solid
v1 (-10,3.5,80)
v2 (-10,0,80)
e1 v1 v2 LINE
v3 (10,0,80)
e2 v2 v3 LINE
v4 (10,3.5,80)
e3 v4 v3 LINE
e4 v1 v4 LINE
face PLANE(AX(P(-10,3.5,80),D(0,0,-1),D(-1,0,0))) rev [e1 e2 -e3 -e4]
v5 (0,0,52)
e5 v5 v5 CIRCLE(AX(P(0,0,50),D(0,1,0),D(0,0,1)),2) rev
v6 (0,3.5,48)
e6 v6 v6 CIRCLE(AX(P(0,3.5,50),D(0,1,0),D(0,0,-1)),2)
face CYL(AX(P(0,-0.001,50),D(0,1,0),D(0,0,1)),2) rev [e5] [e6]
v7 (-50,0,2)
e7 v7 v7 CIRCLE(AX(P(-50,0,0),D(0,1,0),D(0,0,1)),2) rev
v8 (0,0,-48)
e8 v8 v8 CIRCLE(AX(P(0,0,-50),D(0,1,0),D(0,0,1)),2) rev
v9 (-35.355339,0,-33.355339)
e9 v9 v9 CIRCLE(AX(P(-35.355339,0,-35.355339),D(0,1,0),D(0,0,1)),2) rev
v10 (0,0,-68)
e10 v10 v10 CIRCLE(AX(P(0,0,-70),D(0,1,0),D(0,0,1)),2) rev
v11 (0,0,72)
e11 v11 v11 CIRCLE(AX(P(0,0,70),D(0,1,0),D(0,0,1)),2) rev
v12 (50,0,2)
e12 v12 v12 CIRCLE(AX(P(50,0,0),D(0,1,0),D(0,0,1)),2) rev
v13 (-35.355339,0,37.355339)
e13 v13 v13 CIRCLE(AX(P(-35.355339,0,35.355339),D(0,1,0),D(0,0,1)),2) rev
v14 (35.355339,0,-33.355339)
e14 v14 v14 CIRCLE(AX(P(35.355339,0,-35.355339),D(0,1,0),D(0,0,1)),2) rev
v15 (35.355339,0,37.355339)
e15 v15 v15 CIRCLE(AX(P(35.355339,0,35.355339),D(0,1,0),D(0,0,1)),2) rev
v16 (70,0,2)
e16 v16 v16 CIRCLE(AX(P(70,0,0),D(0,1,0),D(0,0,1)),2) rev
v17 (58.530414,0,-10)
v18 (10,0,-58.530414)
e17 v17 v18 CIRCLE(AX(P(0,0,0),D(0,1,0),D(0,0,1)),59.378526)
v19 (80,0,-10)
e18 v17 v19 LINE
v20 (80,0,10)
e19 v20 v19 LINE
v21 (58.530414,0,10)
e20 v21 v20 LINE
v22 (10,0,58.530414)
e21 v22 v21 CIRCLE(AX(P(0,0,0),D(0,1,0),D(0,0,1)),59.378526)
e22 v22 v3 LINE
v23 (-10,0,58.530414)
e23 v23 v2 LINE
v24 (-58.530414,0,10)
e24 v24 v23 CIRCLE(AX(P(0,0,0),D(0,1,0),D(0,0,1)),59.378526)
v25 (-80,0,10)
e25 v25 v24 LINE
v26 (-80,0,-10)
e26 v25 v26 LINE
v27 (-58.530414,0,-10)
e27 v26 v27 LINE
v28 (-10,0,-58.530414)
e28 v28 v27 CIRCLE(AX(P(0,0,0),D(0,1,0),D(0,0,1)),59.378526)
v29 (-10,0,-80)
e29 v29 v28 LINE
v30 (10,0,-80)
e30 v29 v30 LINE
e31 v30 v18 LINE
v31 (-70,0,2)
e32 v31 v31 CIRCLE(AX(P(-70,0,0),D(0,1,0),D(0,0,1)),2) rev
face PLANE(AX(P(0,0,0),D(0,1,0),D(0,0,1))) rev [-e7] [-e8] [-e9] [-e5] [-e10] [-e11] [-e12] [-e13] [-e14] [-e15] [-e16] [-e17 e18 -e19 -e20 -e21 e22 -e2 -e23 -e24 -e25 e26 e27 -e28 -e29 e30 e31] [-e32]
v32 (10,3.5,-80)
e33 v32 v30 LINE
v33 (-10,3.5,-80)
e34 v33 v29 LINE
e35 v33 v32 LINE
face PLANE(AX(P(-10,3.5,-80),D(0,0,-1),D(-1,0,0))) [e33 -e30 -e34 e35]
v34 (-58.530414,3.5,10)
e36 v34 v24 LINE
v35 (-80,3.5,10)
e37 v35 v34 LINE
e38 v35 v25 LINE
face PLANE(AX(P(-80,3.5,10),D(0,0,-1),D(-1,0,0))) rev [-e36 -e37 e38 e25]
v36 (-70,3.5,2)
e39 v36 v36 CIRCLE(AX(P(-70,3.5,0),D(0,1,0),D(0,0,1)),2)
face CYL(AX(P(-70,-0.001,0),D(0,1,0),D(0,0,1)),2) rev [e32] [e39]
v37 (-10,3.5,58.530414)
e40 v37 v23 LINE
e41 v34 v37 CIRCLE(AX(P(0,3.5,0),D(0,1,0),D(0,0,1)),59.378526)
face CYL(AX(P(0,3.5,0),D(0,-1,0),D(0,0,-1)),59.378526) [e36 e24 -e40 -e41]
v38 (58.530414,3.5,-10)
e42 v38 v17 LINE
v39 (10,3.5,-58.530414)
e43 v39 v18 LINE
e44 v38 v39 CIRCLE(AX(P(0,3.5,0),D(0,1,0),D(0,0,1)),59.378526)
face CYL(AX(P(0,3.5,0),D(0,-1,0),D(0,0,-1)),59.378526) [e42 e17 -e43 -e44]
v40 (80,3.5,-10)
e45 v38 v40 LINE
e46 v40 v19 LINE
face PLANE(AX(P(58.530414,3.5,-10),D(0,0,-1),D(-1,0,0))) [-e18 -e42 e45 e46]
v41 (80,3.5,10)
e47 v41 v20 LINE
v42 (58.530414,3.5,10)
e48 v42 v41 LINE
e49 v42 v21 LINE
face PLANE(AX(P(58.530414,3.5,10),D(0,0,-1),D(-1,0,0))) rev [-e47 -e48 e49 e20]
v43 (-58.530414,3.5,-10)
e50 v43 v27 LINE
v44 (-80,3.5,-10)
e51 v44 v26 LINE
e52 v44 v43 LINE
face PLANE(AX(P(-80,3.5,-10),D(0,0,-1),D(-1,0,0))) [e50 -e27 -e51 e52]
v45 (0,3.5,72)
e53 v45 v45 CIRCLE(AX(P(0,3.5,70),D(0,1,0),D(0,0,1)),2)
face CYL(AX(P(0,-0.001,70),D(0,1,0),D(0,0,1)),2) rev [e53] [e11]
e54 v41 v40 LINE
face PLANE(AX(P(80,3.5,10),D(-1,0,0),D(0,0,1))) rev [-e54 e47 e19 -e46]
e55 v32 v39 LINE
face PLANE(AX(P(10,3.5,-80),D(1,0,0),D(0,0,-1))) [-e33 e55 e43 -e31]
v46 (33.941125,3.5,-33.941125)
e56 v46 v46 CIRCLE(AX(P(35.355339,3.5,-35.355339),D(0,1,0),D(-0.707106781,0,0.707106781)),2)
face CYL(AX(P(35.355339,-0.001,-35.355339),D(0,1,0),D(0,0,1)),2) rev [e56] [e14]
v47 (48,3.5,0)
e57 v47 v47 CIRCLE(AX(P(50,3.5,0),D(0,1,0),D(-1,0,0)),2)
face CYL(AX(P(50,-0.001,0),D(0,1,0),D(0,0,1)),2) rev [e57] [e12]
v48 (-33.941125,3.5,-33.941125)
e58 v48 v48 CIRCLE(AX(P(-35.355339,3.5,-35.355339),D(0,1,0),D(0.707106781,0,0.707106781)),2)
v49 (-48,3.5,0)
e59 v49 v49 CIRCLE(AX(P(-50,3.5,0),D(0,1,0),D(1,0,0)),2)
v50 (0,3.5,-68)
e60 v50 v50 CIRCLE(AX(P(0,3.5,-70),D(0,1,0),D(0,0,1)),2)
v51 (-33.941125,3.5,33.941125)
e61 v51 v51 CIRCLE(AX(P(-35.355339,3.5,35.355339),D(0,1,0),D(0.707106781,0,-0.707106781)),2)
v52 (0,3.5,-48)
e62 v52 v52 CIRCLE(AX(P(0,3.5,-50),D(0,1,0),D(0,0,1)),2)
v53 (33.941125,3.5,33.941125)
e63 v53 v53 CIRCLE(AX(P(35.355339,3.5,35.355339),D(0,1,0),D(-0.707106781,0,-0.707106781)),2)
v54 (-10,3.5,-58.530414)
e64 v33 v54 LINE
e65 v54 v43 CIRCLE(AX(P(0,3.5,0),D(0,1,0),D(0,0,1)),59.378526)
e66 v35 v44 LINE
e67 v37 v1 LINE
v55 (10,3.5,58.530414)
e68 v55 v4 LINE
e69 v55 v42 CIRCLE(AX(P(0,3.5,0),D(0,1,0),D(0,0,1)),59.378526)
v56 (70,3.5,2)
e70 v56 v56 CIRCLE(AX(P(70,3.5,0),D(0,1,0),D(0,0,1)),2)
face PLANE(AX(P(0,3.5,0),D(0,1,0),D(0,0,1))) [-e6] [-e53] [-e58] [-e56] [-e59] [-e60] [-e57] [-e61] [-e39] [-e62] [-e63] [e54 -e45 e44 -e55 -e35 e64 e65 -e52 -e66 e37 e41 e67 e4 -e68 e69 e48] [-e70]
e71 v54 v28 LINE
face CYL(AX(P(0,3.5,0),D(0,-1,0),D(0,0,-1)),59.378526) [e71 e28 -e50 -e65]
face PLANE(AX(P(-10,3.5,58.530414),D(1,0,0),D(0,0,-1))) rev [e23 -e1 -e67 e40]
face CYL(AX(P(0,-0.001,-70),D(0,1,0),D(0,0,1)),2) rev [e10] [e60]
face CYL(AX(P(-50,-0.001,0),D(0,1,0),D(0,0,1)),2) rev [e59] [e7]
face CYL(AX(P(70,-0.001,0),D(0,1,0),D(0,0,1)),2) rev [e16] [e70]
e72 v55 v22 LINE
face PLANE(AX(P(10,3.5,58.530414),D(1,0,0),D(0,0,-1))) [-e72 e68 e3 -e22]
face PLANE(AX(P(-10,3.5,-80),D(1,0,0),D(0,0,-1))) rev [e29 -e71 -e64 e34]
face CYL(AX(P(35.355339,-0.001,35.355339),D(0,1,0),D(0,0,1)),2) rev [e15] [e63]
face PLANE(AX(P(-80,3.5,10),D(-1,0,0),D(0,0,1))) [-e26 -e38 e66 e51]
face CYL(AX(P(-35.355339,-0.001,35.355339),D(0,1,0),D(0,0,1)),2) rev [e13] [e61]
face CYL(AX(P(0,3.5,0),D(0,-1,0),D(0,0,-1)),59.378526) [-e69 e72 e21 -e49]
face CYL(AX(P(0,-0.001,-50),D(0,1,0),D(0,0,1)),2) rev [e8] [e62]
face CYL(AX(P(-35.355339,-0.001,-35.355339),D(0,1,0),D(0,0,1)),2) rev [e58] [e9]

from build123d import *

# Parameters (mm, degrees)
SALIENTE_EXTRUIR1_DEPTH = 3.5
CROQUIS2_R              = 2
CORTAR_EXTRUIR1_DEPTH   = 3.5
MATRIZC1_COUNT          = 8
CORTAR_EXTRUIR2_REACH   = 5.5
CROQUIS4_R              = 2


with BuildPart() as part:
    # Croquis1 → Saliente-Extruir1 (new body)
    with BuildSketch(Plane(origin=(0, 0, 0), x_dir=(1, 0, 0), z_dir=(0, 1, 0))):
        with BuildLine():
            Line((-10, -58.530413525), (-10, -80))
            Line((-10, -80), (10, -80))
            Line((10, -80), (10, -58.530413525))
            ThreePointArc((10, -58.530413525), (41.986958138, -41.986958138), (58.530413525, -10))
            Line((58.530413525, -10), (80, -10))
            Line((80, -10), (80, 10))
            Line((80, 10), (58.530413525, 10))
            ThreePointArc((58.530413525, 10), (41.986958138, 41.986958138), (10, 58.530413525))
            Line((10, 58.530413525), (10, 80))
            Line((10, 80), (-10, 80))
            Line((-10, 80), (-10, 58.530413525))
            ThreePointArc((-10, 58.530413525), (-41.986958138, 41.986958138), (-58.530413525, 10))
            Line((-58.530413525, 10), (-80, 10))
            Line((-80, 10), (-80, -10))
            Line((-80, -10), (-58.530413525, -10))
            ThreePointArc((-58.530413525, -10), (-41.986958138, -41.986958138), (-10, -58.530413525))
        make_face()
    extrude(amount=SALIENTE_EXTRUIR1_DEPTH)

    # Croquis2 → Cortar-Extruir1 (cut)
    with BuildSketch(Plane(origin=(0, 3.5, 0), x_dir=(1, 0, 0), z_dir=(0, 1, 0))):
        with Locations((0, 50)):
            Circle(CROQUIS2_R)
    cortar_extruir1 = extrude(amount=-CORTAR_EXTRUIR1_DEPTH, mode=Mode.SUBTRACT)

    # MatrizC1: Cortar-Extruir1 ×8 about axis
    matrizc1_axis = Axis((0, 0, 0), (0, 1, 0))
    for i in range(1, MATRIZC1_COUNT):
        add(cortar_extruir1.rotate(matrizc1_axis, i * 360 / MATRIZC1_COUNT), mode=Mode.SUBTRACT)

    # Croquis4 → Cortar-Extruir2 (cut, up to next)
    with BuildSketch(Plane(origin=(0, 3.5, 0), x_dir=(1, 0, 0), z_dir=(0, 1, 0)), mode=Mode.PRIVATE) as cortar_extruir2_sk1:
        with Locations((0, 70)):
            Circle(CROQUIS4_R)
    cortar_extruir2_tool1 = extrude(cortar_extruir2_sk1.sketch, amount=-CORTAR_EXTRUIR2_REACH, mode=Mode.PRIVATE) & part.part
    add(cortar_extruir2_tool1.solids().sort_by_distance((0, 3.5, -70))[0], mode=Mode.SUBTRACT)
    # Croquis4 → Cortar-Extruir2 (cut, up to next)
    with BuildSketch(Plane(origin=(0, 3.5, 0), x_dir=(1, 0, 0), z_dir=(0, 1, 0)), mode=Mode.PRIVATE) as cortar_extruir2_sk2:
        with Locations((70, 0)):
            Circle(CROQUIS4_R)
    cortar_extruir2_tool2 = extrude(cortar_extruir2_sk2.sketch, amount=-CORTAR_EXTRUIR2_REACH, mode=Mode.PRIVATE) & part.part
    add(cortar_extruir2_tool2.solids().sort_by_distance((70, 3.5, 0))[0], mode=Mode.SUBTRACT)
    # Croquis4 → Cortar-Extruir2 (cut, up to next)
    with BuildSketch(Plane(origin=(0, 3.5, 0), x_dir=(1, 0, 0), z_dir=(0, 1, 0)), mode=Mode.PRIVATE) as cortar_extruir2_sk3:
        with Locations((0, -70)):
            Circle(CROQUIS4_R)
    cortar_extruir2_tool3 = extrude(cortar_extruir2_sk3.sketch, amount=-CORTAR_EXTRUIR2_REACH, mode=Mode.PRIVATE) & part.part
    add(cortar_extruir2_tool3.solids().sort_by_distance((0, 3.5, 70))[0], mode=Mode.SUBTRACT)
    # Croquis4 → Cortar-Extruir2 (cut, up to next)
    with BuildSketch(Plane(origin=(0, 3.5, 0), x_dir=(1, 0, 0), z_dir=(0, 1, 0)), mode=Mode.PRIVATE) as cortar_extruir2_sk4:
        with Locations((-70, 0)):
            Circle(CROQUIS4_R)
    cortar_extruir2_tool4 = extrude(cortar_extruir2_sk4.sketch, amount=-CORTAR_EXTRUIR2_REACH, mode=Mode.PRIVATE) & part.part
    add(cortar_extruir2_tool4.solids().sort_by_distance((-70, 3.5, 0))[0], mode=Mode.SUBTRACT)


solid = part.part
